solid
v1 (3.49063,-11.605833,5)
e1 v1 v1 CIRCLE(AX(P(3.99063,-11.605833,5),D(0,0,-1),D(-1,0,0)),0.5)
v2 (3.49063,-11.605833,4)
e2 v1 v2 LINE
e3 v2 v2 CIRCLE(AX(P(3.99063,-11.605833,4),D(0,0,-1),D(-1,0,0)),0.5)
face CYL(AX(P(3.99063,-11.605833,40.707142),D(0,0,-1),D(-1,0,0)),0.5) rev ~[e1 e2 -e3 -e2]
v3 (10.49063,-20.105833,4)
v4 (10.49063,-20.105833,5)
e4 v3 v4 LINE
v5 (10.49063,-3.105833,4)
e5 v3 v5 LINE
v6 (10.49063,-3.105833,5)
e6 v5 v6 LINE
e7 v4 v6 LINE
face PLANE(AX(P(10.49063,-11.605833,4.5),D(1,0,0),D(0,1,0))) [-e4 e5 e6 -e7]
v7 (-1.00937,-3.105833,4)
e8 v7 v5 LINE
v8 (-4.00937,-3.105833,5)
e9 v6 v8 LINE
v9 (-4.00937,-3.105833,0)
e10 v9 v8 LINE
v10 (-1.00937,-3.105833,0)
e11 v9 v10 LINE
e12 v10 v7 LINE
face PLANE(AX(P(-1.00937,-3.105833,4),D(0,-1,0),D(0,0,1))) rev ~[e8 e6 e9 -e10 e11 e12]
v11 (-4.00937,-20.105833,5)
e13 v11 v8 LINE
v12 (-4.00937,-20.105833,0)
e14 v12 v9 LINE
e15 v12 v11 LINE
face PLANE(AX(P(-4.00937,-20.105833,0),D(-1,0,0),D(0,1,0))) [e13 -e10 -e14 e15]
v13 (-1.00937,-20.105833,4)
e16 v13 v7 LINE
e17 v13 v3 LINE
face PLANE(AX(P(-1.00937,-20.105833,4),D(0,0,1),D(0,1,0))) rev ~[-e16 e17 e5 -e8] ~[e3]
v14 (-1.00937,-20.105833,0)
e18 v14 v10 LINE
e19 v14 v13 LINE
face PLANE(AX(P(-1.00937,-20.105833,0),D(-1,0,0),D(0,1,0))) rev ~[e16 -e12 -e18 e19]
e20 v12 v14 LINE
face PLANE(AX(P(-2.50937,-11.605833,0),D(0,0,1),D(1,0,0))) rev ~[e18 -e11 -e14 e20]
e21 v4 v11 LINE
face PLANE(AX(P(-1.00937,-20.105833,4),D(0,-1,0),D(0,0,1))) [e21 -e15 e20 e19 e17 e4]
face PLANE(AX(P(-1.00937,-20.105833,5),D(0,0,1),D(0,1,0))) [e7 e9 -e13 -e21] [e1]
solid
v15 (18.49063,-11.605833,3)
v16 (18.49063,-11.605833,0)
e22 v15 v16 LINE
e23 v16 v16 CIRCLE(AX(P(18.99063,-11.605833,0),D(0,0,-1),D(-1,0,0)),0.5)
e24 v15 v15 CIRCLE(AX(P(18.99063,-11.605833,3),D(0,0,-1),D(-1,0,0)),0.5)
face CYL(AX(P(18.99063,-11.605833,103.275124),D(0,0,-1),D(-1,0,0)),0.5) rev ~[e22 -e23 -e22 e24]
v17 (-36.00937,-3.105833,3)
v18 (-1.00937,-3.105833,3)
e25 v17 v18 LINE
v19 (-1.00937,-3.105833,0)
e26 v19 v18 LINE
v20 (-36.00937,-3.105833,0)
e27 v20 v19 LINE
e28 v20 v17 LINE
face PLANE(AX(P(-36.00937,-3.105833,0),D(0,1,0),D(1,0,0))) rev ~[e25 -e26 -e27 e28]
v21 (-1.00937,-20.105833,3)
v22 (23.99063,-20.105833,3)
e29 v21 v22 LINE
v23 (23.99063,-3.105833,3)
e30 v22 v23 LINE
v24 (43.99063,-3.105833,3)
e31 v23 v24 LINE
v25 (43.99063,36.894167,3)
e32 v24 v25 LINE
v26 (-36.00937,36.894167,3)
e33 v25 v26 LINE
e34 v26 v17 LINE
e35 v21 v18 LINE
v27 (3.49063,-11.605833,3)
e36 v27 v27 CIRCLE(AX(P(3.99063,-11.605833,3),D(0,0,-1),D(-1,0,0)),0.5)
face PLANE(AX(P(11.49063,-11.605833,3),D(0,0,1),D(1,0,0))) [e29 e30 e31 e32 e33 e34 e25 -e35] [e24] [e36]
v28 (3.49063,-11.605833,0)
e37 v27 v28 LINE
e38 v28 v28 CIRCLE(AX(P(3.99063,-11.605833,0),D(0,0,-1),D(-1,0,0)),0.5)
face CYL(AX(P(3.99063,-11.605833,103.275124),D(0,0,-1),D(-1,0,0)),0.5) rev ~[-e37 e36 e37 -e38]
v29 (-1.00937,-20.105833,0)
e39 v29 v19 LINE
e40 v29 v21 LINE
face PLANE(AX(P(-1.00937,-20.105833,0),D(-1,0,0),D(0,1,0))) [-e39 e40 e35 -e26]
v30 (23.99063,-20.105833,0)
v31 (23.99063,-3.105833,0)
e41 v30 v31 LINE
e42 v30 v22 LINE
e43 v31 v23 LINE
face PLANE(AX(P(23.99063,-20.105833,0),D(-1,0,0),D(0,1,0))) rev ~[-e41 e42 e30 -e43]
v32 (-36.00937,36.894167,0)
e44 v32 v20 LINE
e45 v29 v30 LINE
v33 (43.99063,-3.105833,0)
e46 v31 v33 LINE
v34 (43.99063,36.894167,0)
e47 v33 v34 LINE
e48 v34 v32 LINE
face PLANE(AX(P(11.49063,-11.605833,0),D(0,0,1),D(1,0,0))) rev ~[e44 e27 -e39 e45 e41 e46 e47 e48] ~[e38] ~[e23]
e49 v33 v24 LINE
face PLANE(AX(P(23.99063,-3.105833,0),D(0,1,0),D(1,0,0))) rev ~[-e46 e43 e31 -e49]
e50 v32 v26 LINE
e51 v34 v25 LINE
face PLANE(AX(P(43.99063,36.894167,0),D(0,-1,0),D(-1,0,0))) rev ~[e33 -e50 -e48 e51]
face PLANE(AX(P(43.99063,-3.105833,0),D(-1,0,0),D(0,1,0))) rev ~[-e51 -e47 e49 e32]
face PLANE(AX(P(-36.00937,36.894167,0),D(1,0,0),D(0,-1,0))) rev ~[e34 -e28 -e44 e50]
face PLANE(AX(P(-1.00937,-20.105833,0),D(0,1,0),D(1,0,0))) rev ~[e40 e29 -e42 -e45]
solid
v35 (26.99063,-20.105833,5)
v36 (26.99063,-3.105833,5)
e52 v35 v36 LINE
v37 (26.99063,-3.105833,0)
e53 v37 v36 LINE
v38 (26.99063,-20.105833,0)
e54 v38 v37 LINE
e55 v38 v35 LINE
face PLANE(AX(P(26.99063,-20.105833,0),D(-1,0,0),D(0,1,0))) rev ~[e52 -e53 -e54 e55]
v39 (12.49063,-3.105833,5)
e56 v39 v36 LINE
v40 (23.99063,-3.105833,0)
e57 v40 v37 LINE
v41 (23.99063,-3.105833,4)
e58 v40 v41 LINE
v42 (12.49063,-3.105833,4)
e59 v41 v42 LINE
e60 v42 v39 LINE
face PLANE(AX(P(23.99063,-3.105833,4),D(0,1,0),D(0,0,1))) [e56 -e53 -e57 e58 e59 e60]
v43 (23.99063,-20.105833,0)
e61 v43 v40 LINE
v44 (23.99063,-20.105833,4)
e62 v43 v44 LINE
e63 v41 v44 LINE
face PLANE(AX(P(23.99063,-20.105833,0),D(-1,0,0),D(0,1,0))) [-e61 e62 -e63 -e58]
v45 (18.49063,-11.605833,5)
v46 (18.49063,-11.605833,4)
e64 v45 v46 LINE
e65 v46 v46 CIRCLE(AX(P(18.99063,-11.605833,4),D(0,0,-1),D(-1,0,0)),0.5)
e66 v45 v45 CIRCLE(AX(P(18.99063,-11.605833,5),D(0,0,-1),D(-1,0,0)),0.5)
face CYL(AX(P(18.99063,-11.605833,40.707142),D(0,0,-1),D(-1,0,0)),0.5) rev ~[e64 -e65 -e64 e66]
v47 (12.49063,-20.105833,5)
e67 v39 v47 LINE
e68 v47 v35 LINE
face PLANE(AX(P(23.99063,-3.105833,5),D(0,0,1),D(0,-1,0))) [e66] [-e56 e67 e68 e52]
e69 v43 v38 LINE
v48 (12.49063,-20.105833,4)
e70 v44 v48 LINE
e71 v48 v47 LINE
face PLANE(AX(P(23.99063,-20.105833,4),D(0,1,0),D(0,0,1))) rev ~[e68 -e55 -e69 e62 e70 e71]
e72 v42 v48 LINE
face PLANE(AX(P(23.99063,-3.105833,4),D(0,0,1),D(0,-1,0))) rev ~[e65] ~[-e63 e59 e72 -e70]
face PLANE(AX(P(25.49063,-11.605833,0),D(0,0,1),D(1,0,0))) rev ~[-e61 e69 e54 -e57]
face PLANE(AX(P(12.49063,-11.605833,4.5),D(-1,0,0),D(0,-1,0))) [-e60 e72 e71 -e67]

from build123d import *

# Parameters (mm, degrees)
F0_W     = 25
F0_H     = 17
F0_H_2   = 40
F1_DEPTH = 3
F0_W_2   = 3
F2_DEPTH = 5
F3_W     = 17
F3_H     = 1
F4_DEPTH = 11.5
F5_W     = 17
F5_H     = 1
F6_DEPTH = 11.5
F8_D     = 1
F8_2_D   = 1
F10_D    = 1
F10_2_D  = 1


with BuildPart() as f1:
    # F0 (on Top) → F1 (new body)
    with BuildSketch(Plane.XY):
        with Locations((11.49063, -11.605833)):
            Rectangle(F0_W, F0_H)
        Polygon((-36.00937, 36.894167), (-36.00937, -3.105833), (-4.00937, -3.105833), (-1.00937, -3.105833), (-1.00937, 36.894167), align=None)
        with Locations((11.49063, 16.894167)):
            Rectangle(F0_W, F0_H_2)
        Polygon((23.99063, 36.894167), (23.99063, -3.105833), (26.99063, -3.105833), (43.99063, -3.105833), (43.99063, 36.894167), align=None)
    extrude(amount=F1_DEPTH)

    # F8 (through all)
    with Locations(Plane.XY.offset(5)):
        with Locations((3.99063, -11.605833)):
            Hole(F8_D / 2)

    # F10 (through all)
    with Locations(Plane.XY.offset(5)):
        with Locations((18.99063, -11.605833)):
            Hole(F10_D / 2)


with BuildPart() as f2:
    # F0 (on Top) → F2 (new body)
    with BuildSketch(Plane.XY):
        with Locations((-2.50937, -11.605833)):
            Rectangle(F0_W_2, F0_H)
        with Locations((25.49063, -11.605833)):
            Rectangle(F0_W_2, F0_H)
    extrude(amount=F2_DEPTH)

    # F3 (on face) → F4 (join)
    with BuildSketch(Plane.YZ.offset(-1.00937)):
        with Locations((-11.605833, 4.5)):
            Rectangle(F3_W, F3_H)
    extrude(amount=F4_DEPTH)

    # F5 (on face) → F6 (join)
    with BuildSketch(Plane(origin=(23.99063, 0, 0), x_dir=(0, -1, 0), z_dir=(-1, 0, 0))):
        with Locations((11.605833, 4.5)):
            Rectangle(F5_W, F5_H)
    extrude(amount=F6_DEPTH)

    # F8#2 (through all)
    with Locations(Plane.XY.offset(5)):
        with Locations((3.99063, -11.605833)):
            Hole(F8_2_D / 2)

    # F10#2 (through all)
    with Locations(Plane.XY.offset(5)):
        with Locations((18.99063, -11.605833)):
            Hole(F10_2_D / 2)


solid = Compound([f1.part, f2.part])
